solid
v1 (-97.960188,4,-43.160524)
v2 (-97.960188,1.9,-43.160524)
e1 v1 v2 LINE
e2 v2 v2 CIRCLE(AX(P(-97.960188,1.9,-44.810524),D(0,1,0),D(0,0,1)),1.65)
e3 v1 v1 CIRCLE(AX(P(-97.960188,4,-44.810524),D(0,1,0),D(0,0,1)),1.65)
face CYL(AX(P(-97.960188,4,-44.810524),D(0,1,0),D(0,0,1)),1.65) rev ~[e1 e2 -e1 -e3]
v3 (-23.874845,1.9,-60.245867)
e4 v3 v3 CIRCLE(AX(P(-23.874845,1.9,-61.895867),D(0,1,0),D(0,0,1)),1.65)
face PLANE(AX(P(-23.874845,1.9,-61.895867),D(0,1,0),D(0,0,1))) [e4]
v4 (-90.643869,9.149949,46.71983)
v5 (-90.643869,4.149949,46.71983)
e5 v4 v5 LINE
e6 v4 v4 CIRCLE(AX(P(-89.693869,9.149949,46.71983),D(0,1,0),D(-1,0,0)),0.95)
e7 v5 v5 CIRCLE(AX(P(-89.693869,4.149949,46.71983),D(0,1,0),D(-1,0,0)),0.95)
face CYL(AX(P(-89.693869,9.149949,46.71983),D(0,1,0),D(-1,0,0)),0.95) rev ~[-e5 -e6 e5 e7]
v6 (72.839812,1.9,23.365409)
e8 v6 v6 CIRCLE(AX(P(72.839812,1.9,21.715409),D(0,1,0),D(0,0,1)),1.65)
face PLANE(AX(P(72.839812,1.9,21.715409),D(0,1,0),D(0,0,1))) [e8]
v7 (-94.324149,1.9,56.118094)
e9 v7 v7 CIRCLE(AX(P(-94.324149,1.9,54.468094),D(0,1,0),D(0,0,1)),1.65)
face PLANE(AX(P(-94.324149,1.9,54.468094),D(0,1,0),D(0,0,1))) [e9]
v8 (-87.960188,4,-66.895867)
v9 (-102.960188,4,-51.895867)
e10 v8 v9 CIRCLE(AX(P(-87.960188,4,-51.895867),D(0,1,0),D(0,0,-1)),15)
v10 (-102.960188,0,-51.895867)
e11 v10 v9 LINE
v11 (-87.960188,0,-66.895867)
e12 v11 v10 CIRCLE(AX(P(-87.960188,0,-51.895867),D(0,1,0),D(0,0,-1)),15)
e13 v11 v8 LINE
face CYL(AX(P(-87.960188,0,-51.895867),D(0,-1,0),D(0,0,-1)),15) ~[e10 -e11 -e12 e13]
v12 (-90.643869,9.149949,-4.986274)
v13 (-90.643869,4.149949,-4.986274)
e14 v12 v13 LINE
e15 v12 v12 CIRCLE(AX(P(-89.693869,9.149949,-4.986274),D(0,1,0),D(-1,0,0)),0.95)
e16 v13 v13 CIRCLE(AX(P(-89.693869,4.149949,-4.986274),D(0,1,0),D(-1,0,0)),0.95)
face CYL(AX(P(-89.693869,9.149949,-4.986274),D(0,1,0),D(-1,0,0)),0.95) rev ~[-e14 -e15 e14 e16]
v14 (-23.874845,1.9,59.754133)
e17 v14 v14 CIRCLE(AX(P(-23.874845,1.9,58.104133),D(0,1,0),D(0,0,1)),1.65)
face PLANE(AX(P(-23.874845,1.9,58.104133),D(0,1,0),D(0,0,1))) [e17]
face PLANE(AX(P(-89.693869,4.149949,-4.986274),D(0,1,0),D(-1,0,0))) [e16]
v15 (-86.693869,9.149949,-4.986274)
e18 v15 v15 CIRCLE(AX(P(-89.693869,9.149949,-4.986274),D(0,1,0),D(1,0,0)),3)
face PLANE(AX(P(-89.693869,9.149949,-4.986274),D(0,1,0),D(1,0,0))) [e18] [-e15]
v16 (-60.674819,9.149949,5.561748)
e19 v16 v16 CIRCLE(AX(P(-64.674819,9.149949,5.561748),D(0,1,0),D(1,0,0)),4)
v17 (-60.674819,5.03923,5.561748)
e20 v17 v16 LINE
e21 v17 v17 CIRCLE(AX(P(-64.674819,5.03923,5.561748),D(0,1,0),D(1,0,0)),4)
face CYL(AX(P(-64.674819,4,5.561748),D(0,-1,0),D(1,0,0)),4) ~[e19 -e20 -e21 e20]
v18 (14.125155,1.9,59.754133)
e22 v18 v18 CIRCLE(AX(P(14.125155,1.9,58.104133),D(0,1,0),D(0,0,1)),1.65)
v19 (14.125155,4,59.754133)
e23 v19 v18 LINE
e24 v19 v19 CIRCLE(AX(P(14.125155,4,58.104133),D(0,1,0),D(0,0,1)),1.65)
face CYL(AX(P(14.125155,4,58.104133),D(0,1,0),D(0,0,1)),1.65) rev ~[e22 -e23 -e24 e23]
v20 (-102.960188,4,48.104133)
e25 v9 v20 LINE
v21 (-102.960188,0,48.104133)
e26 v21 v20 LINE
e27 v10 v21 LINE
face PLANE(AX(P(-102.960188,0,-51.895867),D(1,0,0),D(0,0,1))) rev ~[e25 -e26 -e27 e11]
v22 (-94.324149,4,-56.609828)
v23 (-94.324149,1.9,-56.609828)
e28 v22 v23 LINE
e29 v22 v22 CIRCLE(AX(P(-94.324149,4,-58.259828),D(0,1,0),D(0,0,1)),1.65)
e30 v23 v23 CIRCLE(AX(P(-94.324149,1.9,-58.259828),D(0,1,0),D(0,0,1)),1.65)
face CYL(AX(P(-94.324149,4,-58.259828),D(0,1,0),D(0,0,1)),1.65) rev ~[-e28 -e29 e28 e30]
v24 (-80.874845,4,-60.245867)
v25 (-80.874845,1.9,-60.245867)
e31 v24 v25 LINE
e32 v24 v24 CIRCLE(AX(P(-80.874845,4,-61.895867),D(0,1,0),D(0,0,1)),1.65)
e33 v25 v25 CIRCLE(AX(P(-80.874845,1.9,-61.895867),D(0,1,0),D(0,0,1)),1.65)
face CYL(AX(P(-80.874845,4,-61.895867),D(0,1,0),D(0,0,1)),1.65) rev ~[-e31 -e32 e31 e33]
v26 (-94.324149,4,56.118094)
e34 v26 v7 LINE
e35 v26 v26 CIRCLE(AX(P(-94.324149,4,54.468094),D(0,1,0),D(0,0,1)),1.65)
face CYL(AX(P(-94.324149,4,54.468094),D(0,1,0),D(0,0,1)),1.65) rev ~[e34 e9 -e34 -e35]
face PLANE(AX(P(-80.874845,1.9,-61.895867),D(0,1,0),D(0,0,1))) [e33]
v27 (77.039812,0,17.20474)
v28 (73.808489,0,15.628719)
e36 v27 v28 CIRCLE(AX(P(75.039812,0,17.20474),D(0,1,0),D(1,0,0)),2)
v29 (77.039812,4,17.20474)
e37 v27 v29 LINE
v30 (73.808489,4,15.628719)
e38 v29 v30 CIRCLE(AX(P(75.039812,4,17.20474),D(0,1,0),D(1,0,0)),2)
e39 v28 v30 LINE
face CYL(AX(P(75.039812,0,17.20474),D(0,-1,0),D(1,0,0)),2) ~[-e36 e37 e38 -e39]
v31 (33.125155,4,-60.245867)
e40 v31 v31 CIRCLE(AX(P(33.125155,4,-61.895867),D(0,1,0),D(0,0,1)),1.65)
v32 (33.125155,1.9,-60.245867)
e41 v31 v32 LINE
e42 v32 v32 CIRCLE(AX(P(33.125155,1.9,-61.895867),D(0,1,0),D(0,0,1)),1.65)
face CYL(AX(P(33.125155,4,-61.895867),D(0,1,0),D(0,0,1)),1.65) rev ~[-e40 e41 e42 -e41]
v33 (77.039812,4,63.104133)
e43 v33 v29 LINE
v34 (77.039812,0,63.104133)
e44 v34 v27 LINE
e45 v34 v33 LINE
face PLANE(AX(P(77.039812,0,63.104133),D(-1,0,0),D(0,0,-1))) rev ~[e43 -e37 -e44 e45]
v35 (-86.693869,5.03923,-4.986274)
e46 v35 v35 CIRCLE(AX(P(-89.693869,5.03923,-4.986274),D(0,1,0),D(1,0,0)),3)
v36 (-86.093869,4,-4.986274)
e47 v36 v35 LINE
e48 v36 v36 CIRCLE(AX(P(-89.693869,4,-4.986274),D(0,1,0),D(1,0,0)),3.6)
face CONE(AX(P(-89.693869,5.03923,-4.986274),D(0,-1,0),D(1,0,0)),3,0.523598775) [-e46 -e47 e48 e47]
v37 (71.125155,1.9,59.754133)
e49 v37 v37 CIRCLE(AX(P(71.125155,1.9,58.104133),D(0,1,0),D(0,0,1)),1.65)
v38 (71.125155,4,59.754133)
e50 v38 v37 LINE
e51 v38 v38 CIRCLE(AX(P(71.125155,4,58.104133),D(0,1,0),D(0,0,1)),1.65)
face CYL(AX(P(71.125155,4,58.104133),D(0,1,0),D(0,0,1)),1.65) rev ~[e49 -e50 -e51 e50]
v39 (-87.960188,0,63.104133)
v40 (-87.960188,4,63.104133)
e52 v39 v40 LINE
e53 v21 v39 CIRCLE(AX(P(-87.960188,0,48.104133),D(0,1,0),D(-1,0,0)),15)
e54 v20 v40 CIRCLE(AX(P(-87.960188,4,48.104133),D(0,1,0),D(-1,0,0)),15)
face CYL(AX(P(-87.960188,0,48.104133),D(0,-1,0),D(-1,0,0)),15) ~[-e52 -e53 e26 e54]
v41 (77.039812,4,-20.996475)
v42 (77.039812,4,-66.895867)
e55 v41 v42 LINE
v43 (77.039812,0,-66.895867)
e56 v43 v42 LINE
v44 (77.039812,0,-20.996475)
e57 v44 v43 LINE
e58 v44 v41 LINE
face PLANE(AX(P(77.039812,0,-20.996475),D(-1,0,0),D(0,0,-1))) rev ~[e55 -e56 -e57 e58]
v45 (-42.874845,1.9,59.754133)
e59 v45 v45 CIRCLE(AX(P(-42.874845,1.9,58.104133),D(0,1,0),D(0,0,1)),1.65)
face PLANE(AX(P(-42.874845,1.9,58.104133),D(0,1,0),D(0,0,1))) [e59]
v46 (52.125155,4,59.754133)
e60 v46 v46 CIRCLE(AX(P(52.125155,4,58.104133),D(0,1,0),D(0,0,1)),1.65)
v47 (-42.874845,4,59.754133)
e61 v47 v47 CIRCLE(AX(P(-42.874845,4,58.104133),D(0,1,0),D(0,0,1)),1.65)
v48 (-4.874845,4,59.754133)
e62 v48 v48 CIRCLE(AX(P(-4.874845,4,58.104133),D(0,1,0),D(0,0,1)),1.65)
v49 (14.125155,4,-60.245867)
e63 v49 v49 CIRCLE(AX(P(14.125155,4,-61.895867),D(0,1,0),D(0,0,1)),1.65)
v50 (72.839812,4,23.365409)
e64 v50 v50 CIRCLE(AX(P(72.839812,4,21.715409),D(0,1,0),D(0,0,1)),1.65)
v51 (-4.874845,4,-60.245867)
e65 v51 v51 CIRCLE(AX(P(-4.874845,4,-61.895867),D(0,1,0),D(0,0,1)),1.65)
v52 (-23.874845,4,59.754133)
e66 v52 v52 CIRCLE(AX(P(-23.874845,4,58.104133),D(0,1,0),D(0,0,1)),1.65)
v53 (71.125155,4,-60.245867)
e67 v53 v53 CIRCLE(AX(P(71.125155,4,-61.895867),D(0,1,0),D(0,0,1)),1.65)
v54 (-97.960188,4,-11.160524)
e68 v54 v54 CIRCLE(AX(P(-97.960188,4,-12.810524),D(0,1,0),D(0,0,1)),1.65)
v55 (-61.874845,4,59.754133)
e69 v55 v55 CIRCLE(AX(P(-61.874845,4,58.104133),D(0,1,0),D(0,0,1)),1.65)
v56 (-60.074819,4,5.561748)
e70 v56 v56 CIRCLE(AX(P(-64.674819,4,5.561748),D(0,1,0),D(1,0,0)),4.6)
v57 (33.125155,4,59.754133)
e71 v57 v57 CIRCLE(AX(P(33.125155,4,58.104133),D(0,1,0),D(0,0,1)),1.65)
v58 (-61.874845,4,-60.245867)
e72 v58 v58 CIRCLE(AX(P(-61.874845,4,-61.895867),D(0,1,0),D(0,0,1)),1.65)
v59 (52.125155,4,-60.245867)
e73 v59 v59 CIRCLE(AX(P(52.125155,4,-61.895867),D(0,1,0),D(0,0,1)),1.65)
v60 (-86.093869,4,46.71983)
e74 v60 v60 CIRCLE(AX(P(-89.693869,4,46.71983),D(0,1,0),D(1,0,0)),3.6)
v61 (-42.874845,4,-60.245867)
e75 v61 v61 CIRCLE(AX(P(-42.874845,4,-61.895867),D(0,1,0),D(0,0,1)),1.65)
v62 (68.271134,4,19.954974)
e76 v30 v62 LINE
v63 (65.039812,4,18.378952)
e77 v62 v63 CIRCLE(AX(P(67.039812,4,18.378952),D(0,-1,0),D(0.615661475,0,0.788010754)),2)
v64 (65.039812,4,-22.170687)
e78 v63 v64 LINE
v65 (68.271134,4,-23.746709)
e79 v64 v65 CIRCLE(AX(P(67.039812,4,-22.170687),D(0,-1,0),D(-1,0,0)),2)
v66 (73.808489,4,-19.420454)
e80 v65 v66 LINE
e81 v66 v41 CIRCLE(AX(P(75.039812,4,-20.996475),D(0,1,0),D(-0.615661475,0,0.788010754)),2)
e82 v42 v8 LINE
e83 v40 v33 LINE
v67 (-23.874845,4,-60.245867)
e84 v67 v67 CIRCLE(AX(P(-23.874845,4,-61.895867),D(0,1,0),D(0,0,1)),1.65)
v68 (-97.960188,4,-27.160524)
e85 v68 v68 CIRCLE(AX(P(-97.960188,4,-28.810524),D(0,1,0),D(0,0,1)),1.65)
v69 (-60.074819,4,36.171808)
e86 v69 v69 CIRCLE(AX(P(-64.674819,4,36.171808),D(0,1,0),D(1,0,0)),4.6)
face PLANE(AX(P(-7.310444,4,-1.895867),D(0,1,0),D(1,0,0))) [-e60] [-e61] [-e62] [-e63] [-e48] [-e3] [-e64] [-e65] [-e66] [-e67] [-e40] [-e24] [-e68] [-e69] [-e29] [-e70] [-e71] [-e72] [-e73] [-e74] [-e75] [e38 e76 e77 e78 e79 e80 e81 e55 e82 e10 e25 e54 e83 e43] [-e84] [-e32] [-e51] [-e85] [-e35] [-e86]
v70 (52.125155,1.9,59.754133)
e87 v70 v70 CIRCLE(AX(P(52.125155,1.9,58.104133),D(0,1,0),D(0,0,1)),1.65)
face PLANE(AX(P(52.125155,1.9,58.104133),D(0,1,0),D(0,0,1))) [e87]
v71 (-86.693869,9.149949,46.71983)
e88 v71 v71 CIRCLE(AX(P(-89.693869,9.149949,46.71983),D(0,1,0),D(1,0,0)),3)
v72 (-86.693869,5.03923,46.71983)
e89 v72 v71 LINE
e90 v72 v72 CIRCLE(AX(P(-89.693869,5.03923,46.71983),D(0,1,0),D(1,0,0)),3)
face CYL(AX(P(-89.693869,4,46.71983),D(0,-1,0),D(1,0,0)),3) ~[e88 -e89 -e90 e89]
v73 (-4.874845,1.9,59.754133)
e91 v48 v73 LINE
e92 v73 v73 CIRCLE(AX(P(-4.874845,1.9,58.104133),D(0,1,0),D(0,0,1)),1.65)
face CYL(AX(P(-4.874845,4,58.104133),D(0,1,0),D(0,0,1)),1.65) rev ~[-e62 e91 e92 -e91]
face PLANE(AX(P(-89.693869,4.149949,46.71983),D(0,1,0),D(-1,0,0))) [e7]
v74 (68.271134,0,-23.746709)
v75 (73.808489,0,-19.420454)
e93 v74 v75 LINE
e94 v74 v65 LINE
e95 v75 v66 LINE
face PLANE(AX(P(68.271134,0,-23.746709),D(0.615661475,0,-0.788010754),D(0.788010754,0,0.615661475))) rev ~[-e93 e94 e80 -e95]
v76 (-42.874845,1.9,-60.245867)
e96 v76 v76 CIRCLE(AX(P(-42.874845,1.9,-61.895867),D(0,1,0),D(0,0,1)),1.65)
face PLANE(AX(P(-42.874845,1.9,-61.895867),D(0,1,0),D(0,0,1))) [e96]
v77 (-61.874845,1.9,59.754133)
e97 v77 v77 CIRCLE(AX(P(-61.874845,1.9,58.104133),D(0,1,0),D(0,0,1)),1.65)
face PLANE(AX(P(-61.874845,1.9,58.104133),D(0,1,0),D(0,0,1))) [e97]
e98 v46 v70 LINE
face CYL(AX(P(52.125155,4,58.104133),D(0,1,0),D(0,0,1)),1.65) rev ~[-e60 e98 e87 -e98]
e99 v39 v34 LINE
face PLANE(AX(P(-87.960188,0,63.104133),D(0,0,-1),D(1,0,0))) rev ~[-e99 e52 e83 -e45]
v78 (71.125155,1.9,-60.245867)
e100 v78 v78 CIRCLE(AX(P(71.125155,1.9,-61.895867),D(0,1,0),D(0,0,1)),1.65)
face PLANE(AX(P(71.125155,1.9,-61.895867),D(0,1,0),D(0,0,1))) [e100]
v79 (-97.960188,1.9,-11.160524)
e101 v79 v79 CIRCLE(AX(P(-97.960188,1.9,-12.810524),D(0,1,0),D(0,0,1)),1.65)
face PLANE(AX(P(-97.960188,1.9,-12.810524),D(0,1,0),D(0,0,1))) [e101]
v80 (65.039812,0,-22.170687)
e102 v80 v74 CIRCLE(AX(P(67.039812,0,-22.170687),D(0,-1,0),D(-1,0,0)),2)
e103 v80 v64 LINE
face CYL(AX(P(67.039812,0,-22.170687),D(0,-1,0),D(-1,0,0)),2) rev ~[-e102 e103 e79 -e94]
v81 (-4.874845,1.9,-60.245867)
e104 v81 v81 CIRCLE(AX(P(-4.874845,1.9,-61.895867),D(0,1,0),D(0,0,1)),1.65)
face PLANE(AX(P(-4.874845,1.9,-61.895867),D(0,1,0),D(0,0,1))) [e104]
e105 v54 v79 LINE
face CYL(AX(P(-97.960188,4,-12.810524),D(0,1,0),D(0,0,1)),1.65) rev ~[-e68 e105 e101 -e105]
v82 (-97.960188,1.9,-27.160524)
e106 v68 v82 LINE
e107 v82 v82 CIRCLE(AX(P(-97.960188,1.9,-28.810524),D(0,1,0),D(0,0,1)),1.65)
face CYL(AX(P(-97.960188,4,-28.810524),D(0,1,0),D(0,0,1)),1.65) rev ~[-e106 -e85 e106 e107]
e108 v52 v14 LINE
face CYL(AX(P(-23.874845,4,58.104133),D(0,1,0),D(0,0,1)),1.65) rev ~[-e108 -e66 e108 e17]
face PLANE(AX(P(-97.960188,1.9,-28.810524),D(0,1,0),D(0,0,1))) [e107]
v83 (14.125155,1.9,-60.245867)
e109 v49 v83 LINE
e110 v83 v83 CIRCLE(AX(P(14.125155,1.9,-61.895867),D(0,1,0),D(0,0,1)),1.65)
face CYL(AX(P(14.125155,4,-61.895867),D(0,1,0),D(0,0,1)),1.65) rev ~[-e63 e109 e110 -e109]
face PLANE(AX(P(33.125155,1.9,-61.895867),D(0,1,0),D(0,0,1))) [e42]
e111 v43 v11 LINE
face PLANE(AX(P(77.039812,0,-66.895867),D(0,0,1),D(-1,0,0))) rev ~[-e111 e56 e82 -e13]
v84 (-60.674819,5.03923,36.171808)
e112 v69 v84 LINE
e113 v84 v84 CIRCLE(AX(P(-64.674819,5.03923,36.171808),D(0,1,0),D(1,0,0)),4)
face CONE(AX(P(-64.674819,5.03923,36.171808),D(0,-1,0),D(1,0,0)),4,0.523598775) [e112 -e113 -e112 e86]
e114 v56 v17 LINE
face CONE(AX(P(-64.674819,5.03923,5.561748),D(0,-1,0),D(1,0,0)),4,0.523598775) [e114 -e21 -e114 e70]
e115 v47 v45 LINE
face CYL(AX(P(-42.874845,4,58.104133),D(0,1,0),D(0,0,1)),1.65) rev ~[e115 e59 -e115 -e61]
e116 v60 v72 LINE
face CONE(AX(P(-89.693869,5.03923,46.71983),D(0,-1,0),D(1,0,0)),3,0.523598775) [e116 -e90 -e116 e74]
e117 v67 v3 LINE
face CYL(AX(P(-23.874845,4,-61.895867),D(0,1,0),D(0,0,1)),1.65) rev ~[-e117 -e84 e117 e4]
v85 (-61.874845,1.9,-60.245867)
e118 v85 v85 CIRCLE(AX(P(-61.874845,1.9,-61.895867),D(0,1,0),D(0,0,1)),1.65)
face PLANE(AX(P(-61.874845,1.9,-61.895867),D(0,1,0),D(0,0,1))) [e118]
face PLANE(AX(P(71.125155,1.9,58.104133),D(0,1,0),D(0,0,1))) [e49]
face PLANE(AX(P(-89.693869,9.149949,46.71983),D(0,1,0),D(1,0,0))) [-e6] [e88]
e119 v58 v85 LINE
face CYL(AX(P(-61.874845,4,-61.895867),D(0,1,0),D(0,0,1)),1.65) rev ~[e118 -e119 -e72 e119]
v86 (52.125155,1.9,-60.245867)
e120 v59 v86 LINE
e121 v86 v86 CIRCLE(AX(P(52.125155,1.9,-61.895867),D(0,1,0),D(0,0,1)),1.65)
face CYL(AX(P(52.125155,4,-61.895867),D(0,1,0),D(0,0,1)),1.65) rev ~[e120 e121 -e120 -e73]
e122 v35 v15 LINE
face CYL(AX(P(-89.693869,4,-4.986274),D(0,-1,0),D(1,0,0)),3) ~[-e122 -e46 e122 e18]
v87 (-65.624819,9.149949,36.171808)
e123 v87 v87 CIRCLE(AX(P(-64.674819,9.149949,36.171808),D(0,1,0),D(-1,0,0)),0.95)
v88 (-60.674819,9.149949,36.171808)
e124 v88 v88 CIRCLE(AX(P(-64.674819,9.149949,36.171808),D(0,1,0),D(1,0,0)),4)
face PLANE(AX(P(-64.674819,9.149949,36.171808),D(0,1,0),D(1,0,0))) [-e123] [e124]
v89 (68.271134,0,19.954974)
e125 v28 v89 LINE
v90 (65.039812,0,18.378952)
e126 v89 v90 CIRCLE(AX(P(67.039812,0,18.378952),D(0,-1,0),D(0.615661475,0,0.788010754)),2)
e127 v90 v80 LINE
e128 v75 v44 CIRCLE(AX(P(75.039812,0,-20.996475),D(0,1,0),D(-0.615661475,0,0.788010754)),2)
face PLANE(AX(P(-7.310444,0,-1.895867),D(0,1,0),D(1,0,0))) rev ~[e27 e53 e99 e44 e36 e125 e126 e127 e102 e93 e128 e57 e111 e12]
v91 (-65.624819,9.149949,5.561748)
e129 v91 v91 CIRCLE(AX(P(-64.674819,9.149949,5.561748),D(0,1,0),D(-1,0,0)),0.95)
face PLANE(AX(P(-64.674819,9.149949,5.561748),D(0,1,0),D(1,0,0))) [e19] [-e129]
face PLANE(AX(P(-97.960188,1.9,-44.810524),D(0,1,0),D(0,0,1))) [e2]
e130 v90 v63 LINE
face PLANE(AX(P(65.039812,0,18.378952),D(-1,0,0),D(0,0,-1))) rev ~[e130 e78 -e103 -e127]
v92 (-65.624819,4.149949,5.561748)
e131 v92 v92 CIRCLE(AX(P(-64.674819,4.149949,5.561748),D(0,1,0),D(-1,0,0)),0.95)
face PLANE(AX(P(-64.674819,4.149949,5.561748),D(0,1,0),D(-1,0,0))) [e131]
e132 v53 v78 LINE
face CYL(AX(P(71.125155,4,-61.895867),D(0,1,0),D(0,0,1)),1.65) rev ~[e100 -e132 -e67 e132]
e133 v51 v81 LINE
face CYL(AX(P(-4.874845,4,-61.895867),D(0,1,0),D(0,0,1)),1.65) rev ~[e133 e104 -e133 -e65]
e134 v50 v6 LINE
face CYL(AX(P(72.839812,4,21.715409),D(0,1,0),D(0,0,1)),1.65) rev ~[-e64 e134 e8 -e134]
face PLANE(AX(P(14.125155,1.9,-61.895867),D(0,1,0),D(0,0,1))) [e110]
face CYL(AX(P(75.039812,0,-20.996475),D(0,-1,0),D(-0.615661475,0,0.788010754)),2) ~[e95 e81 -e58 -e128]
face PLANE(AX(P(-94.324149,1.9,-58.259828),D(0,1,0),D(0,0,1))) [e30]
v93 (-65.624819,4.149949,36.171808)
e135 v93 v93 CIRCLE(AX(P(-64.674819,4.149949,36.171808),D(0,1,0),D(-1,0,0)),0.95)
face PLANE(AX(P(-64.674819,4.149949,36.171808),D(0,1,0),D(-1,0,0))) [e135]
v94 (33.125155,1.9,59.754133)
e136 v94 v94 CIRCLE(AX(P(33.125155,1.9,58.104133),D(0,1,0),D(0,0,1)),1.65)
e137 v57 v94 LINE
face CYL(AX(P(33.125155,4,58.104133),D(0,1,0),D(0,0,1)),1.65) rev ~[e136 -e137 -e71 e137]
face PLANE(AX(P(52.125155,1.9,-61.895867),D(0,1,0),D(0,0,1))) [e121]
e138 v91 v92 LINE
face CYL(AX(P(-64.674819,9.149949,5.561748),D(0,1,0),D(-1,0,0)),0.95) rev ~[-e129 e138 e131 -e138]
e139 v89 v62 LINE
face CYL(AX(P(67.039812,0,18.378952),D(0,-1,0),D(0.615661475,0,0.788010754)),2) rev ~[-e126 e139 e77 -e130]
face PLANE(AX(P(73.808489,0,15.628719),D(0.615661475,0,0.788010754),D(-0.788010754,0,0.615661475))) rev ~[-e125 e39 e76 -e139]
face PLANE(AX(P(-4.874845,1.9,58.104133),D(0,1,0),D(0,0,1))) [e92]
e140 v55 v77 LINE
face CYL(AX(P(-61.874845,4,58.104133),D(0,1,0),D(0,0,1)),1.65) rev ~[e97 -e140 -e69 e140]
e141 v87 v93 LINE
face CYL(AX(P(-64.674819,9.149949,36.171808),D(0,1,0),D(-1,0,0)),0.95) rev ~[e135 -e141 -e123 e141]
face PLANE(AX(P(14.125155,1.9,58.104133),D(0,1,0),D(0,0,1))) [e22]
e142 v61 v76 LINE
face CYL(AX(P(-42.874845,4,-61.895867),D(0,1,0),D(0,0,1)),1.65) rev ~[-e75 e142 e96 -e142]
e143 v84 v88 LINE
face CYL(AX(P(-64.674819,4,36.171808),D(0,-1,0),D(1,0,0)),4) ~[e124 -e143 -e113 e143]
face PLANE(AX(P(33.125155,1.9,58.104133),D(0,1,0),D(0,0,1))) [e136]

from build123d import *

# Parameters (mm, degrees)
EXTRUDE_1_DEPTH     = 4
SKETCH_2_R          = 1.65
CUT_EXTRUDE_1_DEPTH = 2.1
SKETCH_3_R          = 3
SKETCH_3_R_2        = 4
EXTRUDE_2_DEPTH     = 5.149949226
SKETCH_4_R          = 0.95
CUT_EXTRUDE_2_DEPTH = 5
CHAMFER_1_SIZE      = 0.6
CHAMFER_1_SIZE2     = 1.039230485


with BuildPart() as part:
    # 草图1 → 凸台-拉伸1 (new body)
    with BuildSketch(Plane(origin=(0, 0, 0), x_dir=(1, 0, 0), z_dir=(0, 1, 0))):
        with BuildLine():
            Line((73.808488593, -15.628718768), (68.271134495, -19.954973934))
            ThreePointArc((68.271134495, -19.954973934), (66.16306925, -20.176540519), (65.039811544, -18.378952427))
            Line((65.039811544, -18.378952427), (65.039811544, 22.170687243))
            ThreePointArc((65.039811544, 22.170687243), (66.16306925, 23.968275336), (68.271134495, 23.74670875))
            Line((68.271134495, 23.74670875), (73.808488593, 19.420453584))
            ThreePointArc((73.808488593, 19.420453584), (75.916553838, 19.198886999), (77.039811544, 20.996475091))
            Line((77.039811544, 20.996475091), (77.039811544, 66.895867408))
            Line((77.039811544, 66.895867408), (-87.960188456, 66.895867408))
            ThreePointArc((-87.960188456, 66.895867408), (-98.566790174, 62.502469126), (-102.960188456, 51.895867408))
            Line((-102.960188456, 51.895867408), (-102.960188456, -48.104132592))
            ThreePointArc((-102.960188456, -48.104132592), (-98.566790174, -58.71073431), (-87.960188456, -63.104132592))
            Line((-87.960188456, -63.104132592), (77.039811544, -63.104132592))
            Line((77.039811544, -63.104132592), (77.039811544, -17.204740275))
            ThreePointArc((77.039811544, -17.204740275), (75.916553838, -15.407152182), (73.808488593, -15.628718768))
        make_face()
    extrude(amount=EXTRUDE_1_DEPTH)

    # 草图2 → 切除-拉伸1 (cut)
    with BuildSketch(Plane(origin=(0, 4, 0), x_dir=(1, 0, 0), z_dir=(0, 1, 0))):
        with Locations(Location((72.839811544, -21.715408726, 0), (0, 0, 270))):
            Circle(SKETCH_2_R)
        with Locations(Location((71.125155248, -58.104132592, 0), (0, 0, 270))):
            Circle(SKETCH_2_R)
        with Locations(Location((52.125155248, -58.104132592, 0), (0, 0, 270))):
            Circle(SKETCH_2_R)
        with Locations(Location((33.125155248, -58.104132592, 0), (0, 0, 270))):
            Circle(SKETCH_2_R)
        with Locations(Location((14.125155248, -58.104132592, 0), (0, 0, 270))):
            Circle(SKETCH_2_R)
        with Locations(Location((-4.874844752, -58.104132592, 0), (0, 0, 270))):
            Circle(SKETCH_2_R)
        with Locations(Location((-23.874844752, -58.104132592, 0), (0, 0, 270))):
            Circle(SKETCH_2_R)
        with Locations(Location((-42.874844752, -58.104132592, 0), (0, 0, 270))):
            Circle(SKETCH_2_R)
        with Locations(Location((-61.874844752, -58.104132592, 0), (0, 0, 270))):
            Circle(SKETCH_2_R)
        with Locations(Location((-94.324149487, -54.468093622, 0), (0, 0, 270))):
            Circle(SKETCH_2_R)
        with Locations(Location((-97.960188456, 12.810523704, 0), (0, 0, 270))):
            Circle(SKETCH_2_R)
        with Locations(Location((-97.960188456, 28.810523704, 0), (0, 0, 270))):
            Circle(SKETCH_2_R)
        with Locations(Location((-97.960188456, 44.810523704, 0), (0, 0, 270))):
            Circle(SKETCH_2_R)
        with Locations(Location((-94.324149487, 58.259828439, 0), (0, 0, 270))):
            Circle(SKETCH_2_R)
        with Locations(Location((71.125155248, 61.895867408, 0), (0, 0, 270))):
            Circle(SKETCH_2_R)
        with Locations(Location((52.125155248, 61.895867408, 0), (0, 0, 270))):
            Circle(SKETCH_2_R)
        with Locations(Location((33.125155248, 61.895867408, 0), (0, 0, 270))):
            Circle(SKETCH_2_R)
        with Locations(Location((14.125155248, 61.895867408, 0), (0, 0, 270))):
            Circle(SKETCH_2_R)
        with Locations(Location((-4.874844752, 61.895867408, 0), (0, 0, 270))):
            Circle(SKETCH_2_R)
        with Locations(Location((-23.874844752, 61.895867408, 0), (0, 0, 270))):
            Circle(SKETCH_2_R)
        with Locations(Location((-42.874844752, 61.895867408, 0), (0, 0, 270))):
            Circle(SKETCH_2_R)
        with Locations(Location((-61.874844752, 61.895867408, 0), (0, 0, 270))):
            Circle(SKETCH_2_R)
        with Locations(Location((-80.874844752, 61.895867408, 0), (0, 0, 270))):
            Circle(SKETCH_2_R)
    extrude(amount=-CUT_EXTRUDE_1_DEPTH, mode=Mode.SUBTRACT)

    # 草图3 → 凸台-拉伸2 (add)
    with BuildSketch(Plane(origin=(0, 4, 0), x_dir=(1, 0, 0), z_dir=(0, 1, 0))):
        with Locations((-89.693868923, 4.986273809)):
            Circle(SKETCH_3_R)
        with Locations((-89.693868923, -46.719829823)):
            Circle(SKETCH_3_R)
        with Locations((-64.674818885, -36.171808487)):
            Circle(SKETCH_3_R_2)
        with Locations((-64.674818885, -5.561747527)):
            Circle(SKETCH_3_R_2)
    extrude(amount=EXTRUDE_2_DEPTH)

    # 草图4 → 切除-拉伸2 (cut)
    with BuildSketch(Plane(origin=(0, 9.149949226, 0), x_dir=(1, 0, 0), z_dir=(0, 1, 0))):
        with Locations(Location((-89.693868923, -46.719829823, 0), (0, 0, 180))):
            Circle(SKETCH_4_R)
        with Locations(Location((-64.674818885, -36.171808487, 0), (0, 0, 180))):
            Circle(SKETCH_4_R)
        with Locations(Location((-64.674818885, -5.561747527, 0), (0, 0, 180))):
            Circle(SKETCH_4_R)
        with Locations(Location((-89.693868923, 4.986273809, 0), (0, 0, 180))):
            Circle(SKETCH_4_R)
    extrude(amount=-CUT_EXTRUDE_2_DEPTH, mode=Mode.SUBTRACT)

    # 倒角1
    chamfer_1_edges = [part.edges().sort_by_distance(p)[0] for p in [
        (-92.693868923, 4, -4.986273809),
        (-92.693868923, 4, 46.719829823),
        (-68.674818885, 4, 36.171808487),
        (-68.674818885, 4, 5.561747527),
    ]]
    chamfer_1_side = [part.faces().sort_by_distance(p)[0] for p in [
        (-13.877724131, 4, -2.010371092),
    ]]
    chamfer(chamfer_1_edges, length=CHAMFER_1_SIZE, length2=CHAMFER_1_SIZE2, reference=chamfer_1_side[0])


solid = part.part
